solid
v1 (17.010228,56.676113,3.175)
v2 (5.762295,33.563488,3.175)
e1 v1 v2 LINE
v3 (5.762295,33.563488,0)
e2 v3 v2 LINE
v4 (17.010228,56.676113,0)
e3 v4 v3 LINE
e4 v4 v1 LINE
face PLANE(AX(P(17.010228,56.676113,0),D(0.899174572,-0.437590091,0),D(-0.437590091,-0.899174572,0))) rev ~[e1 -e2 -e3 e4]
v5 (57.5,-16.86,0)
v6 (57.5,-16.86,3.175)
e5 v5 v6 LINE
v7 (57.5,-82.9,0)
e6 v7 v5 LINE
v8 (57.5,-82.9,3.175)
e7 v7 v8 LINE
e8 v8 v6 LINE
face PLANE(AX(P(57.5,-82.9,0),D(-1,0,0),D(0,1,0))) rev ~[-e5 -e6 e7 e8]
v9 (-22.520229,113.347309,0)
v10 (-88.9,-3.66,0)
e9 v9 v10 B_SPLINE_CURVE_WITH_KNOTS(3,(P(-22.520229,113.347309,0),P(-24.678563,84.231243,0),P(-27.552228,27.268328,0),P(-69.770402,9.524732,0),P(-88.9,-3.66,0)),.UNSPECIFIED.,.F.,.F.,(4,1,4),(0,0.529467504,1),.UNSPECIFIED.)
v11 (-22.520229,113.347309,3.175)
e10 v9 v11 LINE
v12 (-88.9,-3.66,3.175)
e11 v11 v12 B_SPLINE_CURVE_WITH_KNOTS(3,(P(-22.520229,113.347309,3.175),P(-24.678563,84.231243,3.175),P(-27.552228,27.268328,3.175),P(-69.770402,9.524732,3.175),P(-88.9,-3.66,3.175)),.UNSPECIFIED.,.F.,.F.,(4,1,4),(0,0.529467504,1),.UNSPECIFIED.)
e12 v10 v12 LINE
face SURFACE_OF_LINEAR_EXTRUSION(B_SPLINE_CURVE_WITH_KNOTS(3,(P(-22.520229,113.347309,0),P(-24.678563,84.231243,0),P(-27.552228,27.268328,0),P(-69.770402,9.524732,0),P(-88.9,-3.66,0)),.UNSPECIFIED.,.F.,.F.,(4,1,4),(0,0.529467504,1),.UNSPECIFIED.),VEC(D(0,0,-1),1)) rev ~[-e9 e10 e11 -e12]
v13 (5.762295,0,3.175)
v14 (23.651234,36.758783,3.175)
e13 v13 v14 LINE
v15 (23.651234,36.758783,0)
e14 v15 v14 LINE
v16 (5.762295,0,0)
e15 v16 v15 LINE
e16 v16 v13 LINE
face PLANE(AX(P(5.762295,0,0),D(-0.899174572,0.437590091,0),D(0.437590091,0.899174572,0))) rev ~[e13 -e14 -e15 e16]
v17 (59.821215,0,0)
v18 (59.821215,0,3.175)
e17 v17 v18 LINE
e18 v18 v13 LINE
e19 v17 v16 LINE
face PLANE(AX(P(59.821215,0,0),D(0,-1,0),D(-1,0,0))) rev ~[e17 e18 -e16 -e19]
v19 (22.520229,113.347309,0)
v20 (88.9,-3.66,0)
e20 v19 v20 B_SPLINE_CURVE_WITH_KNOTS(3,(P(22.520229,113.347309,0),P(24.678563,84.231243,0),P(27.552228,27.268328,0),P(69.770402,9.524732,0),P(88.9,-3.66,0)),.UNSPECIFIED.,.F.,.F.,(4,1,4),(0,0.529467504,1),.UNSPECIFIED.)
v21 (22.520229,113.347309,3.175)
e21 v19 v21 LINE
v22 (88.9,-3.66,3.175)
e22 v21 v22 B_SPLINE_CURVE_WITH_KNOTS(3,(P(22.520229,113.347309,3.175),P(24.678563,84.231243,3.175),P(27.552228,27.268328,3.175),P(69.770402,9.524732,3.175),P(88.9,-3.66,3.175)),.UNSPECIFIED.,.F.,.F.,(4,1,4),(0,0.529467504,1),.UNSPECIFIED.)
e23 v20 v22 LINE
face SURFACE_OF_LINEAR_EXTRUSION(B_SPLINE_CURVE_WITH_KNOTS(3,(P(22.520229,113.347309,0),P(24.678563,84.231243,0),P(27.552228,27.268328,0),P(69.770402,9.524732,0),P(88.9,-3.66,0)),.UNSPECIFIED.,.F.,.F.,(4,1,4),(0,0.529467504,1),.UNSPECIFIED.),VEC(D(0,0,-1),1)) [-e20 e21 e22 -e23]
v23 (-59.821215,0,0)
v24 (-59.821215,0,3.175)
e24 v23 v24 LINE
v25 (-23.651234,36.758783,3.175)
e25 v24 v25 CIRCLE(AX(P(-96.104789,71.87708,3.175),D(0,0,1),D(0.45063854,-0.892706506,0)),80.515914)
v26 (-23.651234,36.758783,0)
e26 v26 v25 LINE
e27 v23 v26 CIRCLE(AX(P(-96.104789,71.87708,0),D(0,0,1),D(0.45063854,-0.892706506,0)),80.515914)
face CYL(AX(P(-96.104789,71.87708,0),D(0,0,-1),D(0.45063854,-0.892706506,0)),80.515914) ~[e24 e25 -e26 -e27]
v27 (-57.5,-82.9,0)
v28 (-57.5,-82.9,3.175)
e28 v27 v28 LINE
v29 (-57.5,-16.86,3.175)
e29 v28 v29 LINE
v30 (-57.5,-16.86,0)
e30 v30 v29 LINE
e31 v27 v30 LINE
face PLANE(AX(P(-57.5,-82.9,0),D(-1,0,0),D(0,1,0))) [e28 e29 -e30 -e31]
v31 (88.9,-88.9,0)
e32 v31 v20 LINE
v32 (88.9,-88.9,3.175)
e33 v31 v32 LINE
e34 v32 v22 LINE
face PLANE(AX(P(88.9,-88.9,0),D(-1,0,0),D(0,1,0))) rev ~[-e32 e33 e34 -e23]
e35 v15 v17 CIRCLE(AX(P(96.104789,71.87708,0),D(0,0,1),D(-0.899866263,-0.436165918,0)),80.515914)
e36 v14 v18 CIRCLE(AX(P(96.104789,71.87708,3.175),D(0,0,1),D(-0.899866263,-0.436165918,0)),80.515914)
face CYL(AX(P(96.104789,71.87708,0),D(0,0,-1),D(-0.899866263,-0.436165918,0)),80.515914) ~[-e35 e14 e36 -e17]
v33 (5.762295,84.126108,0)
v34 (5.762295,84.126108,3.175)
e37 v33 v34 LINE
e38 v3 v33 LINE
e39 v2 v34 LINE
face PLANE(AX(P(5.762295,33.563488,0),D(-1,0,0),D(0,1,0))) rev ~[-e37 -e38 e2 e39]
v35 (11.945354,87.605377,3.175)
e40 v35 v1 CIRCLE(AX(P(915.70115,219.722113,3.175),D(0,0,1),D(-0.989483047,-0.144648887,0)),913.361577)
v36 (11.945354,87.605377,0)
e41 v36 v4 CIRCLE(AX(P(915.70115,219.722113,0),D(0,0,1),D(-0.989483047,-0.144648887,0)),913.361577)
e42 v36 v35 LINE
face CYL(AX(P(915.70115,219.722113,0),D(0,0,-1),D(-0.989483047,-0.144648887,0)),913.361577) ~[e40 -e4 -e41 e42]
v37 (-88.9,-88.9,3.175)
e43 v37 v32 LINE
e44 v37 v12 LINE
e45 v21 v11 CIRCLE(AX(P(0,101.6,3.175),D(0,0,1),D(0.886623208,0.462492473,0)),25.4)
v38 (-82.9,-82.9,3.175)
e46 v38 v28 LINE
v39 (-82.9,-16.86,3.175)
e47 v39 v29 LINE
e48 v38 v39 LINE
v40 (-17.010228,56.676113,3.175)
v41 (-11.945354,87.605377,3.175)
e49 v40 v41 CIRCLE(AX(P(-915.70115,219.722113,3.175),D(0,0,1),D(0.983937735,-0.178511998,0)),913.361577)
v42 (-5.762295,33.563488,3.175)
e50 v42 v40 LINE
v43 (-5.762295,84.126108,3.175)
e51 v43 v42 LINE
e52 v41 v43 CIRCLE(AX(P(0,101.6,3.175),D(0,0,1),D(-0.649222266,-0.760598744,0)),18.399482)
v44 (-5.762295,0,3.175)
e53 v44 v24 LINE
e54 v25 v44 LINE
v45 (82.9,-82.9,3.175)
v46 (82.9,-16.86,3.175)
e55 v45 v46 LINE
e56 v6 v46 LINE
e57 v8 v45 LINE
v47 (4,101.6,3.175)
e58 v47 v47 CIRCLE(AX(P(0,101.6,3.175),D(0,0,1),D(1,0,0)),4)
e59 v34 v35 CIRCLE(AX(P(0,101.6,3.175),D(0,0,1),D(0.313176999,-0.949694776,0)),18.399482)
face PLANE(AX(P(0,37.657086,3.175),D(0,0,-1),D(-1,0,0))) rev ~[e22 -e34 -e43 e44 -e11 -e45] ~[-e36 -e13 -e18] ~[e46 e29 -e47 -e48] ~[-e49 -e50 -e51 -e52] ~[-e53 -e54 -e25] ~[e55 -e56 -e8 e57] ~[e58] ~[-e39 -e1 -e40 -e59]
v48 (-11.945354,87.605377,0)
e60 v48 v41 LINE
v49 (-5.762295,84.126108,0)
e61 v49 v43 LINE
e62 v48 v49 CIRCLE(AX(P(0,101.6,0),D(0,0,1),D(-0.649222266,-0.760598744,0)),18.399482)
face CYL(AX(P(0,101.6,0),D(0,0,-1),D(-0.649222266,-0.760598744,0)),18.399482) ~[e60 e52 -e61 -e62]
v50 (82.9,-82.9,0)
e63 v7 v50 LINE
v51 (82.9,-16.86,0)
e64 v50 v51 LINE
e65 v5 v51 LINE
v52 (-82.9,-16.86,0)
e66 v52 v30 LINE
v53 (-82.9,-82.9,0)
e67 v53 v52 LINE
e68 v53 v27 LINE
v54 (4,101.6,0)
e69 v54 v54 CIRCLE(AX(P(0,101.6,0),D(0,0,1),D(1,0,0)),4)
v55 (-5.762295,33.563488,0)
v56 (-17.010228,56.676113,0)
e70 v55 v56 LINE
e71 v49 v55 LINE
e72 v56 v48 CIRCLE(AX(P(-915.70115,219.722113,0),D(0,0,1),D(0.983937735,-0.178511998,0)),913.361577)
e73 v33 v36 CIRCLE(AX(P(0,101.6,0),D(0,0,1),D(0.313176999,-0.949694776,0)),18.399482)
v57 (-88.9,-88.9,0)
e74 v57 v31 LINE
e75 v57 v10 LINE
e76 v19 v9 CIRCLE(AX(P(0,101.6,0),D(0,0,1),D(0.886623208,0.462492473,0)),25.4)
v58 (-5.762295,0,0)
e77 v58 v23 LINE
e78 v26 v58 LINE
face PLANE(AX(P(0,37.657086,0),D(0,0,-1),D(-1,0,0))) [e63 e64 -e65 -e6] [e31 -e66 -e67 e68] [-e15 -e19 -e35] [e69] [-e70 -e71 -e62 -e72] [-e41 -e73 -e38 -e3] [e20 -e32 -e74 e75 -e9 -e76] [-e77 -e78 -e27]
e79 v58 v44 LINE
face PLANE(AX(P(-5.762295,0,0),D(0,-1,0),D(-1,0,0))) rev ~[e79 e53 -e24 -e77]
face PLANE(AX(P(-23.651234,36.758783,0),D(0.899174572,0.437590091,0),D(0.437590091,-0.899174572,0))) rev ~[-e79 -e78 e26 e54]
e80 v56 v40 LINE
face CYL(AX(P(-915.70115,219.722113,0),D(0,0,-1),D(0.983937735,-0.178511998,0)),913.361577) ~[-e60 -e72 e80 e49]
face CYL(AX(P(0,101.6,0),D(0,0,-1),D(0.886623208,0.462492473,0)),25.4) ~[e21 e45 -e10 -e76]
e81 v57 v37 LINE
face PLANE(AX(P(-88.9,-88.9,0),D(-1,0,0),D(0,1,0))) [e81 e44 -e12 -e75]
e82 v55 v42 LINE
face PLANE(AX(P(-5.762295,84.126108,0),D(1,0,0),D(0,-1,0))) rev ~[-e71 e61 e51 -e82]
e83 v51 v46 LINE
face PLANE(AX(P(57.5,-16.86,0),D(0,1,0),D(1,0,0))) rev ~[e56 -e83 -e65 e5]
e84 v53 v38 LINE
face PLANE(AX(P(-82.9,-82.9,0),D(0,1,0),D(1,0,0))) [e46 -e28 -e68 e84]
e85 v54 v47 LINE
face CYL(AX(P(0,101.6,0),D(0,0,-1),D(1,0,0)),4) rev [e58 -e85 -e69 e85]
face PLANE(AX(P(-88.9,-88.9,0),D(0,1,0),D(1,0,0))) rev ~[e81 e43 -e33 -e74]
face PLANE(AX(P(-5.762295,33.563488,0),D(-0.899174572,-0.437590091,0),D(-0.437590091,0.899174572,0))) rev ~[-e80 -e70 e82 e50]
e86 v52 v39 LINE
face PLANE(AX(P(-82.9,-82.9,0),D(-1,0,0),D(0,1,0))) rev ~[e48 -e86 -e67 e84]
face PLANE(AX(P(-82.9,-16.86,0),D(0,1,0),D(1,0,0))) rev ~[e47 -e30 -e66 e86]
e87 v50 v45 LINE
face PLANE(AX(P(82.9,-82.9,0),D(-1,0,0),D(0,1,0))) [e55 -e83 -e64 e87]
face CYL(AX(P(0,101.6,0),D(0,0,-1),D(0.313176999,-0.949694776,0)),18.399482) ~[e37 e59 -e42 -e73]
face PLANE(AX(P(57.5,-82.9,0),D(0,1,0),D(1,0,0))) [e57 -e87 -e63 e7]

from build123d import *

# Parameters (mm, degrees)
F0_R     = 4
F0_W     = 177.8
F0_H     = 85.24
F0_W_2   = 25.4
F0_H_2   = 66.04
F1_DEPTH = 3.175


with BuildPart() as f1:
    # F0 (on Top) → F1 (new body)
    with BuildSketch(Plane.XY):
        with BuildLine():
            add(Edge.make_bspline(
                [(22.5202294805, 113.3473088044), (24.6785630933, 84.2312430336), (27.5522275569, 27.268327843), (69.7704020362, 9.5247320193), (88.8999999985, -3.66)],
                knots=[0, 0, 0, 0, 0.529467504, 1, 1, 1, 1], degree=3))
            ThreePointArc((22.5202294805, 113.3473088043), (1e-10, 127), (-22.5202294805, 113.3473088044))
            add(Edge.make_bspline(
                [(-22.5202294805, 113.3473088044), (-24.6785630933, 84.2312430336), (-27.5522275569, 27.268327843), (-69.7704020362, 9.5247320193), (-88.8999999985, -3.66)],
                knots=[0, 0, 0, 0, 0.529467504, 1, 1, 1, 1], degree=3))
            Line((-88.8999999985, -3.66), (88.9000000015, -3.66))
        make_face()
        with BuildLine():
            ThreePointArc((-59.8212145269, 0), (-38.7136496278, 15.4052324982), (-23.6512337148, 36.7587828155))
            Line((-23.6512337148, 36.7587828155), (-5.7622946509, 0))
            Line((-5.7622946509, 0), (-59.8212145269, 0))
        make_face(mode=Mode.SUBTRACT)
        with BuildLine():
            Line((5.7622946509, 0), (23.6512337148, 36.7587828155))
            ThreePointArc((23.6512337148, 36.7587828155), (38.7136496278, 15.4052324982), (59.8212145269, 0))
            Line((59.8212145269, 0), (5.7622946509, 0))
        make_face(mode=Mode.SUBTRACT)
        with BuildLine():
            Line((-5.7622946509, 33.5634882355), (-17.0102279312, 56.676113031))
            ThreePointArc((-17.0102279312, 56.676113031), (-14.345117084, 72.11901875), (-11.9453535958, 87.6053768783))
            ThreePointArc((-11.9453535958, 87.6053768783), (-9.0231108807, 85.5649004094), (-5.7622946509, 84.1261077832))
            Line((-5.7622946509, 84.1261077832), (-5.7622946509, 33.5634882355))
        make_face(mode=Mode.SUBTRACT)
        with Locations((0, 101.6)):
            Circle(F0_R, mode=Mode.SUBTRACT)
        with BuildLine():
            Line((5.7622946509, 33.5634882355), (5.7622946509, 84.1261077832))
            ThreePointArc((5.7622946509, 84.1261077832), (9.0231108807, 85.5649004094), (11.9453535958, 87.6053768783))
            ThreePointArc((11.9453535958, 87.6053768783), (14.345117084, 72.11901875), (17.0102279312, 56.676113031))
            Line((17.0102279312, 56.676113031), (5.7622946509, 33.5634882355))
        make_face(mode=Mode.SUBTRACT)
        with Locations((1.5e-09, -46.28)):
            Rectangle(F0_W, F0_H)
        with Locations((-70.1999999985, -49.88)):
            Rectangle(F0_W_2, F0_H_2, mode=Mode.SUBTRACT)
        with Locations((70.1999999985, -49.88)):
            Rectangle(F0_W_2, F0_H_2, mode=Mode.SUBTRACT)
    extrude(amount=F1_DEPTH)


solid = f1.part
